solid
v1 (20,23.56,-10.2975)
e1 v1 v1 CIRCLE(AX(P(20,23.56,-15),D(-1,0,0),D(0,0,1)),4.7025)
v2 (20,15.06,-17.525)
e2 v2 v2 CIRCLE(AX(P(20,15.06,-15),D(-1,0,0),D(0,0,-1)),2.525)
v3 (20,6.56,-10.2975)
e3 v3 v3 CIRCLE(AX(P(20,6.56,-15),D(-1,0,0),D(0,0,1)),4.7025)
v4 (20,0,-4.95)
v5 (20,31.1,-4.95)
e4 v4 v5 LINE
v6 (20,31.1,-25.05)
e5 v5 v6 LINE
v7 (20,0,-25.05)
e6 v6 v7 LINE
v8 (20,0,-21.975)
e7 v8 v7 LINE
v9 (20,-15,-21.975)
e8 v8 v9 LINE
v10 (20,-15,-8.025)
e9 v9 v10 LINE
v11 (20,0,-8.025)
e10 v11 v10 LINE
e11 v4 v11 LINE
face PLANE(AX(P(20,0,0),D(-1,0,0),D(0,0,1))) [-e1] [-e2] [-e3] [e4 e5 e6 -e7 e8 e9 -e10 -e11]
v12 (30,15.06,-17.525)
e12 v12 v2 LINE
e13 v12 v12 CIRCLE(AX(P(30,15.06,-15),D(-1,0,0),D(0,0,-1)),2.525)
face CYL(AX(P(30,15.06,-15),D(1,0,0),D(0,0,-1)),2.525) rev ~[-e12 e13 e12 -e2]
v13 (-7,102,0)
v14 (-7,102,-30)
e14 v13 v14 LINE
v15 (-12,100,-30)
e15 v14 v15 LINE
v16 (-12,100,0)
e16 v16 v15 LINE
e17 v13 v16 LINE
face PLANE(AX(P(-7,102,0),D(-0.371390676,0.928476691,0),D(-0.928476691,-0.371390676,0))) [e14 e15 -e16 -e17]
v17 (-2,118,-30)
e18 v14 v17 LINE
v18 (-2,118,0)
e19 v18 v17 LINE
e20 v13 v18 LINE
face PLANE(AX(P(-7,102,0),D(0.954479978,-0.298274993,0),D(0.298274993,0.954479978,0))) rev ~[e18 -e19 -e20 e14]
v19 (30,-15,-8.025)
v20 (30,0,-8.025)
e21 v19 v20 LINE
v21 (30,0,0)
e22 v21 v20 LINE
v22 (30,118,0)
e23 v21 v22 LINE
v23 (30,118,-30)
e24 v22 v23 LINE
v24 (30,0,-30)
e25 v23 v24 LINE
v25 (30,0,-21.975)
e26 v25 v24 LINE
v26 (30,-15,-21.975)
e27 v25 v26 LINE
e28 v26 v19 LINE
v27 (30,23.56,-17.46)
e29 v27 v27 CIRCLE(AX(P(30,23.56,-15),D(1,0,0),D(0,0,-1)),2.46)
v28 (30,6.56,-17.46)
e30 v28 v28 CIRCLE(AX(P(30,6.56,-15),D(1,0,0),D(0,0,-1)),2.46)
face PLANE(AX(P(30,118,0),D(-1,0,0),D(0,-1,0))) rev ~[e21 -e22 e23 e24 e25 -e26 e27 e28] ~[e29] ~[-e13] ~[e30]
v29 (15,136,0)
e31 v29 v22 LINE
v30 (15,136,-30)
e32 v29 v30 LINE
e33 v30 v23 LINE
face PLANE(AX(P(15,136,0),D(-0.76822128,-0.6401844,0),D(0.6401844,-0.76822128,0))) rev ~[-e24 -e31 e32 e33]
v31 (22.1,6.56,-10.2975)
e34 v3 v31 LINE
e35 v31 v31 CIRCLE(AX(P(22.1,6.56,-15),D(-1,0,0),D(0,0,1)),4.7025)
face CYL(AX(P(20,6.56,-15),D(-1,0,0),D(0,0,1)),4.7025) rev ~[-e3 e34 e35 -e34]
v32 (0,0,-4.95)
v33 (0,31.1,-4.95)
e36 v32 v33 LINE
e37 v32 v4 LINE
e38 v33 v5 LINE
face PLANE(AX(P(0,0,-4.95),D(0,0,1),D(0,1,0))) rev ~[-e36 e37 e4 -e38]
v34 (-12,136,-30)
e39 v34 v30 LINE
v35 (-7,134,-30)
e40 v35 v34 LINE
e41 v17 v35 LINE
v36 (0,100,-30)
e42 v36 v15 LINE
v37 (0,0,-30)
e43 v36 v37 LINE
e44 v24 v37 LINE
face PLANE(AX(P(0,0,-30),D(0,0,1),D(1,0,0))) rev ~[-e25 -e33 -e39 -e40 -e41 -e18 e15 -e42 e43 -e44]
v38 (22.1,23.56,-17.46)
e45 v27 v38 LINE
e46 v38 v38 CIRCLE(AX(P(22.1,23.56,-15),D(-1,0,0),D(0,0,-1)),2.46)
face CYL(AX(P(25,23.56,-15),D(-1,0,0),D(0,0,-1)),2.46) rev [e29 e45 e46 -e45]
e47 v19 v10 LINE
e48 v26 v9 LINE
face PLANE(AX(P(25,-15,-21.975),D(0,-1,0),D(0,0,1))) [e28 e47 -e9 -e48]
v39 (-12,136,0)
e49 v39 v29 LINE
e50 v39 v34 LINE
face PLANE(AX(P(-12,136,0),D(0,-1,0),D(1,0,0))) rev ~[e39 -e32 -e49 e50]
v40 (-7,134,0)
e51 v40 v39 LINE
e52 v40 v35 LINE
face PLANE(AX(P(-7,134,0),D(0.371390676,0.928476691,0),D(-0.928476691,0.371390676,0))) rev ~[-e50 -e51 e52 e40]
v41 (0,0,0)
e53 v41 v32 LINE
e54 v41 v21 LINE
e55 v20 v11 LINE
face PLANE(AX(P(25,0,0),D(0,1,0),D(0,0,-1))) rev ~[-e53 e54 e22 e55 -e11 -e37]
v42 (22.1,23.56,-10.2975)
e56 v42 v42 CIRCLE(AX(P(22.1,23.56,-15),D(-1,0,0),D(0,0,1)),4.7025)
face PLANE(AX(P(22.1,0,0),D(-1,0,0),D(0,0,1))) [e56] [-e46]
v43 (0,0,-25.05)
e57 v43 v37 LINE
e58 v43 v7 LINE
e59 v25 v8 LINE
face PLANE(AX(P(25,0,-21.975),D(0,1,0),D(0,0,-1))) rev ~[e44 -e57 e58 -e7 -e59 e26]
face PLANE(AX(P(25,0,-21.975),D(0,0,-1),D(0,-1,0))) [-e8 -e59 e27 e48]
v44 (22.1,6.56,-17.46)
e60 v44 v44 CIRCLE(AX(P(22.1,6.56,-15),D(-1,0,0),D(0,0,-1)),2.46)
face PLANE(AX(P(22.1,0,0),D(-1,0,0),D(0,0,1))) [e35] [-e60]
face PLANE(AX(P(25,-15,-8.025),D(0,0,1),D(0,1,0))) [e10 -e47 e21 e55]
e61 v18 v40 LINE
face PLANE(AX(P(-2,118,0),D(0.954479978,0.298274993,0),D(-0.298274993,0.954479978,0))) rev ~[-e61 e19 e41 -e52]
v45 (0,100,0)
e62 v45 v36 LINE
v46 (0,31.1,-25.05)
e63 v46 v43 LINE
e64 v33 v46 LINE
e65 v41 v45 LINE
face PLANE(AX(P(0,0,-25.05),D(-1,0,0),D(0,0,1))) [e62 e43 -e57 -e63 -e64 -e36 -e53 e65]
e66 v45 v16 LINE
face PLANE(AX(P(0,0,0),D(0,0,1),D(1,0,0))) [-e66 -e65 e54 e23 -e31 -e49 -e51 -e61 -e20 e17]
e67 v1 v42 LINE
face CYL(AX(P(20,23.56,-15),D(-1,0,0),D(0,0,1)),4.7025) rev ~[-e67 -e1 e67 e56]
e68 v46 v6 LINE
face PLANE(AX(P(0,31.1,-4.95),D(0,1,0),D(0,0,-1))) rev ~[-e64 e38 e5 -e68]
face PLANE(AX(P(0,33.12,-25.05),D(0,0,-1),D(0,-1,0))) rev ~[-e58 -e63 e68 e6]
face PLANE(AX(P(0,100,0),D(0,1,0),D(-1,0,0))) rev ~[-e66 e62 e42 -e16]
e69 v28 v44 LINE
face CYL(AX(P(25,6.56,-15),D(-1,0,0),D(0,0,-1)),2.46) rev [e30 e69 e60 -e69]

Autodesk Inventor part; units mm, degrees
ref_plane "YZ Plane" through (0, 0, 0) normal (1, 0, 0) x (0, 1, 0)
ref_plane "XZ Plane" through (0, 0, 0) normal (0, 1, 0) x (-1, 0, 0)
ref_plane "XY Plane" through (0, 0, 0) normal (0, 0, 1) x (1, 0, 0)
sketch "Sketch1" plane through (0, 0, 0) normal (0, 0, 1) x (1, 0, 0)
  line L0 (0, 0) -> (25, 0)
  line L1 (25, 0) -> (25, 40)
  line L2 (25, 40) -> (0, 40)
  line L3 (0, 40) -> (0, 0)
  dimension "d1" = 25
  dimension "d2" = 40
  dimension "d3" = 25
extrude "Extrusion1" add sketch "Sketch1" against normal blind 30
sketch "Sketch2" plane through (25, 0, 0) normal (1, 0, 0) x (0, 0, -1)
  line L0 (0, 0) -> (30, 0) projected
  circle A0 centre (15, 6.56) radius 2.46
extrude "Extrusion2" cut sketch "Sketch2" against normal blind 30
sketch "Sketch3" plane through (0, 0, 0) normal (-1, 0, 0) x (0, 0, 1)
  line L0 (0, 0) -> (-30, 0) projected
  line L1 (-25.05, 0) -> (-4.95, 0)
  line L2 (-4.95, 0) -> (-4.95, 33.12)
  line L3 (-4.95, 33.12) -> (-25.05, 33.12)
  line L4 (-25.05, 33.12) -> (-25.05, 0)
  dimension "d11" = 20.1
extrude "Extrusion3" cut sketch "Sketch3" against normal blind 20
sketch "Sketch4" plane through (0, 0, 0) normal (0, -1, 0) x (1, 0, 0)
  line L0 (20, -4.95) -> (20, -25.05) projected
  line L1 (20, -15) -> (25, -15)
  line L2 (25, 0) -> (25, -30) projected
  line L3 (20, -8.025) -> (25, -8.025)
  line L4 (25, -8.025) -> (25, -21.975)
  line L5 (25, -21.975) -> (20, -21.975)
  line L6 (20, -21.975) -> (20, -8.025)
  line L7 (20, -8.025) -> (25, -21.975) construction
  line L8 (25, -8.025) -> (20, -21.975) construction
  line L9 (25, -12.54) -> (25, -17.46) projected
  point P0 (0, 0)
  point P1 (22.5, -15)
  dimension "d14" = 13.95
extrude "Extrusion4" add sketch "Sketch4" along normal blind 15
sketch "Sketch5" plane through (20, 0, 0) normal (-1, 0, 0) x (0, 0, 1)
  circle A0 centre (-15, 6.56) radius 2.46 projected
  circle A1 centre (-15, 6.56) radius 4.7025
  circle A2 centre (-15, 6.56) radius 2.46 projected
  circle A3 centre (-15, 6.56) radius 2.46
  point P0 (0, 0)
  dimension "d17" = 9.405
extrude "Extrusion5" cut sketch "Sketch5" against normal blind 2.1
sketch "Sketch6" plane through (25, 0, 0) normal (1, 0, 0) x (0, 0, -1)
  circle A0 centre (15, 6.56) radius 4.7025 projected
  line L0 (15, 6.56) -> (15, 23.56)
  circle A1 centre (15, 23.56) radius 2.46
  point P0 (0, 0)
  dimension "d20" = 17
  dimension "d21" = 4.92
extrude "Extrusion6" cut sketch "Sketch6" against normal blind 10 contours A1
sketch "Sketch7" plane through (20, 0, 0) normal (-1, 0, 0) x (0, 0, 1)
  circle A0 centre (-15, 23.56) radius 2.46 projected
  circle A1 centre (-15, 23.56) radius 4.7025
  point P0 (0, 0)
  dimension "d24" = 9.405
extrude "Extrusion7" cut sketch "Sketch7" against normal blind 2.1
sketch "Sketch9" plane through (25, 0, 0) normal (1, 0, 0) x (0, 0, -1)
  circle A0 centre (15, 6.56) radius 2.46 projected
  circle A1 centre (15, 6.56) radius 2.46
  circle A2 centre (15, 23.56) radius 2.46 projected
  circle A3 centre (15, 23.56) radius 2.46
  line L0 (30, 40) -> (30, 0) projected
  line L1 (30, 0) -> (30, 40)
  line L2 (30, 40) -> (0, 40)
  line L3 (0, 40) -> (0, 0)
  line L4 (0, 0) -> (8.025, 0) projected
  line L5 (21.975, 0) -> (21.975, -15)
  line L6 (21.975, -15) -> (8.025, -15)
  line L7 (8.025, -15) -> (8.025, 0)
  line L8 (0, 0) -> (8.025, 0)
  line L9 (21.975, 0) -> (30, 0)
extrude "Extrusion8" add sketch "Sketch9" along normal blind 5
sketch "Sketch10" plane through (0, 40, 0) normal (0, 1, 0) x (1, 0, 0)
  line L0 (0, 30) -> (30, 30) projected
  line L1 (30, 0) -> (0, 0) projected
  line L2 (0, 30) -> (30, 30)
  line L3 (30, 30) -> (30, 0)
  line L4 (30, 0) -> (0, 0)
  line L5 (0, 0) -> (0, 30)
extrude "Extrusion9" add sketch "Sketch10" along normal blind 30
sketch "Sketch12" plane through (30, 0, 0) normal (1, 0, 0) x (0, 0, -1)
  circle A0 centre (15, 6.56) radius 2.46 projected
  line L0 (15, 6.56) -> (15, 15.06)
  circle A1 centre (15, 15.06) radius 2.525
  point P0 (0, 0)
  dimension "d31" = 8.5
  dimension "d33" = 5.05
extrude "Extrusion10" cut sketch "Sketch12" against normal blind 30 contours A1
sketch "Sketch14" plane through (0, 0, 0) normal (0, 0, 1) x (1, 0, 0)
  line L0 (30, 70) -> (0, 70) projected
  line L1 (0, 70) -> (0, 85)
  line L2 (30, 0) -> (30, 70) projected
  line L3 (30, 118) -> (30, 70)
  line L4 (30, 105) -> (30, 100)
  line L5 (-7, 134) -> (-12, 136)
  line L6 (-7, 102) -> (-12, 100)
  line L7 (-7, 102) -> (-2, 118)
  line L8 (-2, 118) -> (-7, 134)
  line L9 (15, 136) -> (30, 118)
  line L10 (-12, 136) -> (15, 136)
  line L11 (0, 85) -> (0, 100)
  line L12 (0, 100) -> (-12, 100)
  point P0 (0, 0)
  dimension "d82" = 12
extrude "Extrusion12" add sketch "Sketch14" against normal blind 30
sketch "Sketch15" plane through (0, 0, -25.05) normal (-1, 0, 0) x (0, 0, 1)
  line L0 (0, 33.12) -> (20.1, 33.12) projected
  line L1 (20.1, 33.12) -> (20.1, 0) projected
  line L2 (0, 33.12) -> (20.1, 33.12)
  line L3 (20.1, 33.12) -> (20.1, 31.1)
  line L4 (20.1, 31.1) -> (0, 31.1)
  line L5 (0, 31.1) -> (0, 33.12)
  point P0 (25.05, 0)
  dimension "d57" = 2.02
extrude "Extrusion13" add sketch "Sketch15" against normal blind 20
properties part number "rec_a_32mm_x_30mm"
